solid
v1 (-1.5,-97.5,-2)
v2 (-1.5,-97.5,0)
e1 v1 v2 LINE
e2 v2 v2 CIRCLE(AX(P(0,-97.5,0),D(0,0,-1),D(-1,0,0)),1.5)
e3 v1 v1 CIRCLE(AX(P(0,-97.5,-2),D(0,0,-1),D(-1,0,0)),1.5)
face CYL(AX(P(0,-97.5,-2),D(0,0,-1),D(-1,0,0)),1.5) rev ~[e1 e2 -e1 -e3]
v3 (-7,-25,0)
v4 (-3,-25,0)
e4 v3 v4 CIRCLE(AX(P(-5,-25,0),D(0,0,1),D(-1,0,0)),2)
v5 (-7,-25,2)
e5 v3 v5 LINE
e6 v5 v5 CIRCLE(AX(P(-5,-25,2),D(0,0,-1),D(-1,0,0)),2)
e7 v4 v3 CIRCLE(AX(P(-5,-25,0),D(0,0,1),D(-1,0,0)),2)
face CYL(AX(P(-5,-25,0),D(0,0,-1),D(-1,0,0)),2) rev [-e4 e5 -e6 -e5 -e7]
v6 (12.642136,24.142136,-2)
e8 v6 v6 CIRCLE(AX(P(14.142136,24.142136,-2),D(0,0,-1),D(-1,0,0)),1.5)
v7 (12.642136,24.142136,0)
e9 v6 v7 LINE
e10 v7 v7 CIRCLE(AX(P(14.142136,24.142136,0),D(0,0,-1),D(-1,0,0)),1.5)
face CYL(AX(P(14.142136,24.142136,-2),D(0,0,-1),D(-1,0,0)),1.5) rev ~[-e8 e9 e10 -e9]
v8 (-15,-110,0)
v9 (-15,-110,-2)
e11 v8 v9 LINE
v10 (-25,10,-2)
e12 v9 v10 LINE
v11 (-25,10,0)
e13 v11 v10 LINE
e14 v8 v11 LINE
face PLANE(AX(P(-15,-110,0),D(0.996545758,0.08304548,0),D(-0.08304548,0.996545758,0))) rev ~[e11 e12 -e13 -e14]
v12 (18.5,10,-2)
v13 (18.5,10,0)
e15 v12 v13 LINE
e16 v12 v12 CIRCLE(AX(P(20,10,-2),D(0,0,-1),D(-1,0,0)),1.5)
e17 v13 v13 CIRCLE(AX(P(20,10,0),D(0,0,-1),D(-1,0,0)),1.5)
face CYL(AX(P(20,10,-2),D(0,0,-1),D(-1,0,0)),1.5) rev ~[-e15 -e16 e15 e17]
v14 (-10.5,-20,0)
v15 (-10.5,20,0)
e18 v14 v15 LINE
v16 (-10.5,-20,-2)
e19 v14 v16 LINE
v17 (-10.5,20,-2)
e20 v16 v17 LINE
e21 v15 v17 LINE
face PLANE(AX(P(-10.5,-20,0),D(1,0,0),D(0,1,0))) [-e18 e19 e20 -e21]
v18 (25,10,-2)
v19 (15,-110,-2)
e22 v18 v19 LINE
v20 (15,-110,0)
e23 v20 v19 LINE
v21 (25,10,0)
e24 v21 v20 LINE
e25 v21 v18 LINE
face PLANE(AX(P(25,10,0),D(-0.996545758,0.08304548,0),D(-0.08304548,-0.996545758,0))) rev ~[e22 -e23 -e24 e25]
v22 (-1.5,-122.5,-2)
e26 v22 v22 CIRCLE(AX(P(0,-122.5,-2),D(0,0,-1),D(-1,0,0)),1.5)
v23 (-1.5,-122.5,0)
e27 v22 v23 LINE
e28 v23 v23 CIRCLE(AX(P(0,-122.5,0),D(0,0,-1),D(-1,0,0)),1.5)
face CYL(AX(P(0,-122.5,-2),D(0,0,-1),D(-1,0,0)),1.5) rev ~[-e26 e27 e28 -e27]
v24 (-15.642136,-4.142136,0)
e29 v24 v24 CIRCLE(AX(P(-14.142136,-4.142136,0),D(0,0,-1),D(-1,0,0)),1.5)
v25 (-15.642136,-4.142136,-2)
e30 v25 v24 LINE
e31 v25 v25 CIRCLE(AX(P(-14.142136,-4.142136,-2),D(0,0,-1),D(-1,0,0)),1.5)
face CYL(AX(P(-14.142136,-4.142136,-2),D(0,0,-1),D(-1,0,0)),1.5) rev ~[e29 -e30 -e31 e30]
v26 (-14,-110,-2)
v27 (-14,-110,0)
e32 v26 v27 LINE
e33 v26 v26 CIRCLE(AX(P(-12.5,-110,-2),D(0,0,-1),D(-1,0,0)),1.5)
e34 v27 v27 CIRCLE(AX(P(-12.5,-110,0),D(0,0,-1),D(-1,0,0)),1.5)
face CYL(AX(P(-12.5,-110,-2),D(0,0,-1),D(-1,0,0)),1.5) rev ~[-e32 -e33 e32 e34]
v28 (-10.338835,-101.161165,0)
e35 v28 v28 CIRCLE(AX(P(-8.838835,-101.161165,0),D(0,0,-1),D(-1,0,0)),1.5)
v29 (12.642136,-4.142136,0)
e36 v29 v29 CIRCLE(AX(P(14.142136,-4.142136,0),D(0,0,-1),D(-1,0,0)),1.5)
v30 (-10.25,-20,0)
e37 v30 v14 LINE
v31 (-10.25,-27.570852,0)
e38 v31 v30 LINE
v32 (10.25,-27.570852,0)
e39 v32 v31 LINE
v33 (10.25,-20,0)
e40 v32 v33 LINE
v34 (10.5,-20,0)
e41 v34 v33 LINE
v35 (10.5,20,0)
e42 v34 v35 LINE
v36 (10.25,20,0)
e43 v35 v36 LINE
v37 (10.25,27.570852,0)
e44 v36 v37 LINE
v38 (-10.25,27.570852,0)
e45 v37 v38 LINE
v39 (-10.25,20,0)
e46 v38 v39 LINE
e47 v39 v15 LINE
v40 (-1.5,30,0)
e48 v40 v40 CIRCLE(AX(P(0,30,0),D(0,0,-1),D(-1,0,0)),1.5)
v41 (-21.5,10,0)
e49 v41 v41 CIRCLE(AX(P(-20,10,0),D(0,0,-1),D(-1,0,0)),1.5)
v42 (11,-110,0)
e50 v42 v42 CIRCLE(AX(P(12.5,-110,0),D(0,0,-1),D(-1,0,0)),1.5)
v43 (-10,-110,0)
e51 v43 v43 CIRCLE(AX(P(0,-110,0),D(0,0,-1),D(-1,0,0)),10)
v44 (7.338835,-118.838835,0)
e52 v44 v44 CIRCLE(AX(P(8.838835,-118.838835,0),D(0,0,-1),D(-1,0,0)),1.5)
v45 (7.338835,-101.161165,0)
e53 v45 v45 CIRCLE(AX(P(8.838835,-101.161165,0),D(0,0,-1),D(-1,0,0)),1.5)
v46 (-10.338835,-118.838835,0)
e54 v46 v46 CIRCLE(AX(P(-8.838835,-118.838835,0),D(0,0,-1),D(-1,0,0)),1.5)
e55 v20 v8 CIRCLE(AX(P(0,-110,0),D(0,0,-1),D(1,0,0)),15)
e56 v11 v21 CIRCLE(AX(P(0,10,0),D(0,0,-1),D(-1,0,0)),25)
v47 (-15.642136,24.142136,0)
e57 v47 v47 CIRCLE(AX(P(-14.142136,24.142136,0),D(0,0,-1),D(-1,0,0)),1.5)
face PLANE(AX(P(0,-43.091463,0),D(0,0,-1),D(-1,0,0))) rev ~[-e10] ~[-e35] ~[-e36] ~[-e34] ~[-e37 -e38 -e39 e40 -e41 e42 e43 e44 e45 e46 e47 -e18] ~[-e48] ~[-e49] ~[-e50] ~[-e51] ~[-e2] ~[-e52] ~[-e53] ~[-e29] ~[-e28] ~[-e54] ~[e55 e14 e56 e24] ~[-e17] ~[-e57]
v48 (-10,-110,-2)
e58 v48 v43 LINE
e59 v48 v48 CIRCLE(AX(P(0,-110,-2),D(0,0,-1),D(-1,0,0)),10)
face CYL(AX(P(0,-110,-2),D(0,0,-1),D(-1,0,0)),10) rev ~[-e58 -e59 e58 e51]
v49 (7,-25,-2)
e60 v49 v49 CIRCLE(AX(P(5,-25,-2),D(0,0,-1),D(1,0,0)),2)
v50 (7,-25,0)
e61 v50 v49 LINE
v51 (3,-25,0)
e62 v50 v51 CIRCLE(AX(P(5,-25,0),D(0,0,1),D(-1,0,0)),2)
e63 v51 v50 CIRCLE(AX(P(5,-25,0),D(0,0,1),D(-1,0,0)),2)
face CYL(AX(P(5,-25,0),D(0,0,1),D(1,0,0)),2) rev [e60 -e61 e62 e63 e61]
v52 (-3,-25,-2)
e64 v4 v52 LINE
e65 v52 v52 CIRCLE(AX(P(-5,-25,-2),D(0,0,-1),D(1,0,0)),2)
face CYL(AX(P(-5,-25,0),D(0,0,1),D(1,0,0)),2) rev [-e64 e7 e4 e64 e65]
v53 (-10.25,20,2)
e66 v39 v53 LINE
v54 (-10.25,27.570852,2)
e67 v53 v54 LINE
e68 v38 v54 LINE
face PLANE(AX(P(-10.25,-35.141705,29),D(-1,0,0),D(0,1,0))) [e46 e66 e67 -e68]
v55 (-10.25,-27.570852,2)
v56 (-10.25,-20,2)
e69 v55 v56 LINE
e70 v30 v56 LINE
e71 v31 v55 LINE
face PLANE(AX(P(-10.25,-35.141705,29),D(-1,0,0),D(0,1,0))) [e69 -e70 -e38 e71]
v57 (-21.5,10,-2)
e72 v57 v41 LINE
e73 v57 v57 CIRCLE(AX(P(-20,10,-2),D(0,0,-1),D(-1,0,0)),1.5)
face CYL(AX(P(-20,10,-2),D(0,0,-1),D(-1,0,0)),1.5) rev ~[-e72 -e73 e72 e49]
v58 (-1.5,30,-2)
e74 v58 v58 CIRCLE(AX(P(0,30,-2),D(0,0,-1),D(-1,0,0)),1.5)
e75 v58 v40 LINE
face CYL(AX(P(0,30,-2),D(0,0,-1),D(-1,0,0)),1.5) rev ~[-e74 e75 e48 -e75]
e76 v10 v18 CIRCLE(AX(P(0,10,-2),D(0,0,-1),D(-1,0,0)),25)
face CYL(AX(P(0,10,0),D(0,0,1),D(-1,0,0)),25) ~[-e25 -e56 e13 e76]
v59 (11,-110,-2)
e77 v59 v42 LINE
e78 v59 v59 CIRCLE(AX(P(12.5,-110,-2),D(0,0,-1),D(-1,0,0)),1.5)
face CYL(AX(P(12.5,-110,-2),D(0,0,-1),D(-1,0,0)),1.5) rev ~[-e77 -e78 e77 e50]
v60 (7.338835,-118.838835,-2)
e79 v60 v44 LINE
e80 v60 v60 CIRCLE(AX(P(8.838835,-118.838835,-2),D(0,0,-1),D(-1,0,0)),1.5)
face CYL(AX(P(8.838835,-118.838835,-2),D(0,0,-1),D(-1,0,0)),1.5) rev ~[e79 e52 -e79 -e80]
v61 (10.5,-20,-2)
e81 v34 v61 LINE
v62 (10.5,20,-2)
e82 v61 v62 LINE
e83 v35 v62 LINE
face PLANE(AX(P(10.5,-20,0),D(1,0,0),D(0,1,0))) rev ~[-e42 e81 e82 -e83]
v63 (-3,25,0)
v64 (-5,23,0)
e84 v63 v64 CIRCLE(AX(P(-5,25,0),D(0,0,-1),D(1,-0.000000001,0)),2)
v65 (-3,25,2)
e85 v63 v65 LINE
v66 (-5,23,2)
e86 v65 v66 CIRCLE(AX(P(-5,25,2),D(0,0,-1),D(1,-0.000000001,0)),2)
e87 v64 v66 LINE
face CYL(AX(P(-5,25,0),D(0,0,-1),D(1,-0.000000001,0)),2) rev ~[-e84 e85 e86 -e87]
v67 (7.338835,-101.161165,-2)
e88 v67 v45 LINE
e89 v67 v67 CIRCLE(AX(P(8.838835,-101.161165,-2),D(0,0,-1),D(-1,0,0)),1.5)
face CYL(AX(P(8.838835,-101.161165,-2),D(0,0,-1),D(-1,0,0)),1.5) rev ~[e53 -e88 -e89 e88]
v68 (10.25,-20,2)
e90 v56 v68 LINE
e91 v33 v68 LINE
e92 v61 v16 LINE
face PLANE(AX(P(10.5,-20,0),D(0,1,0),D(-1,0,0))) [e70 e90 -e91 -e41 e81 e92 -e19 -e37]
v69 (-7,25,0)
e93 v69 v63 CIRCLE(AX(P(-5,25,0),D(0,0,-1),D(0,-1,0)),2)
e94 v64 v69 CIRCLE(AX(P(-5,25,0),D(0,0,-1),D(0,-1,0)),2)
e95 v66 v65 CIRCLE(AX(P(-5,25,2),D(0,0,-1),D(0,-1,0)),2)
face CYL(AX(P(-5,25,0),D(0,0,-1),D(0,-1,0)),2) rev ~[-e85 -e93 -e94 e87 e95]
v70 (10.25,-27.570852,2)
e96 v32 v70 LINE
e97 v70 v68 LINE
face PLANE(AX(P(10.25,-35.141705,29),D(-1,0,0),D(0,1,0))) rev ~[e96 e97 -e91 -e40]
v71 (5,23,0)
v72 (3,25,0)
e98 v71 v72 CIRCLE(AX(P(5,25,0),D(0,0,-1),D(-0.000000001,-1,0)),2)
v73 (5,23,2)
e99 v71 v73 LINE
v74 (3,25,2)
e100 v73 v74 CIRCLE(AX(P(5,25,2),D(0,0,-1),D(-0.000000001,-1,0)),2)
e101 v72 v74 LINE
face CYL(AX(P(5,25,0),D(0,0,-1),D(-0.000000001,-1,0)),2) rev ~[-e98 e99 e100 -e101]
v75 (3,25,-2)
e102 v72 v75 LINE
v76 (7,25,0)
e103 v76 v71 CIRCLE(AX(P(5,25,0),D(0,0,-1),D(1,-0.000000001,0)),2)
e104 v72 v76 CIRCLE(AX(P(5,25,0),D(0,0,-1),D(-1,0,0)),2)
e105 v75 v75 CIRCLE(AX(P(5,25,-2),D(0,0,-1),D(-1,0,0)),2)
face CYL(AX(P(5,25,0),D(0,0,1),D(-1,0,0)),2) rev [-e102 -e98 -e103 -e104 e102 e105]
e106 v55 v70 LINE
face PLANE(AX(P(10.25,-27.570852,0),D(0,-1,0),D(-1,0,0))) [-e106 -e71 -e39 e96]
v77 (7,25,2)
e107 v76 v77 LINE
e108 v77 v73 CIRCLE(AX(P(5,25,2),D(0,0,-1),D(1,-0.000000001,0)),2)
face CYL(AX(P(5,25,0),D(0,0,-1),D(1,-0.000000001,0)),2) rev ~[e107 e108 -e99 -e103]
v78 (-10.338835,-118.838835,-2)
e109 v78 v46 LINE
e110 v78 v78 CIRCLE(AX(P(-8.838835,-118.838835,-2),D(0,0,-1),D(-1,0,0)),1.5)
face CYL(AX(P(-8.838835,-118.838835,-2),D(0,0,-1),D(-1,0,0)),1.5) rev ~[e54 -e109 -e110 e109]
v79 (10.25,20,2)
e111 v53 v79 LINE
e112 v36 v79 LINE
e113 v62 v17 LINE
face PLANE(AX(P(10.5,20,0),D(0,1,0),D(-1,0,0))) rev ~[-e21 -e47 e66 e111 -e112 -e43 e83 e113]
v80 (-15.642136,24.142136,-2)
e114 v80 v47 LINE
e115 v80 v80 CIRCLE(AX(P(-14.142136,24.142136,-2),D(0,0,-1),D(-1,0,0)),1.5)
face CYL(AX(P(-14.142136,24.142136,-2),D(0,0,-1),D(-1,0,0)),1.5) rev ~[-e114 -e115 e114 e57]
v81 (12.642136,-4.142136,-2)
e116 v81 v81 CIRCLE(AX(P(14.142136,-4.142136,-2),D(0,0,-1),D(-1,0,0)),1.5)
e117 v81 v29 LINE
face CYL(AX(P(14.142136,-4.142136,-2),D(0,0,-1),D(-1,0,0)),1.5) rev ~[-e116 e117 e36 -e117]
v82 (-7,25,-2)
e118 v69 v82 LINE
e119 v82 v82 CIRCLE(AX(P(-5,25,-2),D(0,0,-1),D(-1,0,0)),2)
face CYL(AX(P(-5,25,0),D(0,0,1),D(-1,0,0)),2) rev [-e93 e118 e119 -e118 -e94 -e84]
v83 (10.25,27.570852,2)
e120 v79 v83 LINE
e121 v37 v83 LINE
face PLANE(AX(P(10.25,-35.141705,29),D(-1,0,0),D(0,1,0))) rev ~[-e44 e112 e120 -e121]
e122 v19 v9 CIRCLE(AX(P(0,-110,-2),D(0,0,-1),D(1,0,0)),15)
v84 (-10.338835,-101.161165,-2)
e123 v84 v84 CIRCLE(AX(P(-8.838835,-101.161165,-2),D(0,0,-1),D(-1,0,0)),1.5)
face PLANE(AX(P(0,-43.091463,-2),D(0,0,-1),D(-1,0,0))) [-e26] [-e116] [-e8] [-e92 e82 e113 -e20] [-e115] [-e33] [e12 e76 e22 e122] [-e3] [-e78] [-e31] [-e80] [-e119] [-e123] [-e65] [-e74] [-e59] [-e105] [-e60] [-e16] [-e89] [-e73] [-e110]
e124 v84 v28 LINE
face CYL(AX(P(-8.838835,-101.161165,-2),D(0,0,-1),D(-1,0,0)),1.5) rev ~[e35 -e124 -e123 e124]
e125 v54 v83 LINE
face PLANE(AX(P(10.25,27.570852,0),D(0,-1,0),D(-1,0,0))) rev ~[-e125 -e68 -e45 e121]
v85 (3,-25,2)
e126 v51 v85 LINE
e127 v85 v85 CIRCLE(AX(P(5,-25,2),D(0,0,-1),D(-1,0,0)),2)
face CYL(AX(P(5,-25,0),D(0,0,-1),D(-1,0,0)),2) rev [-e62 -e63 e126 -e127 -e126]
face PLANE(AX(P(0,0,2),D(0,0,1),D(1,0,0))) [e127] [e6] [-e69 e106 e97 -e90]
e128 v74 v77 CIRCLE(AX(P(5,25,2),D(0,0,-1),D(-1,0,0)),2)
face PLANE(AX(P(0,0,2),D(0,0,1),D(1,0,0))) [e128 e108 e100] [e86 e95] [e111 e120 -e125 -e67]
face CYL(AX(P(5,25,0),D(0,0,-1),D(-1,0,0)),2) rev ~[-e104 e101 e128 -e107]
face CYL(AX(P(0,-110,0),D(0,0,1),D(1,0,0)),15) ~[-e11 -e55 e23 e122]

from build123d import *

# Parameters (mm, degrees)
SKETCH_1_W          = 20.5
SKETCH_1_H          = 15.141704846
SKETCH_1_R          = 2
EXTRUDE_1_DEPTH     = 29
SKETCH_2_W          = 20.5
SKETCH_2_H          = 70.283409692
EXTRUDE_2_DEPTH     = 3
SKETCH_3_W          = 20.5
SKETCH_3_H          = 7.570852423
CUT_EXTRUDE_1_DEPTH = 49.621002864
SKETCH_5_R          = 2.5
EXTRUDE_3_DEPTH     = 10
CUT_EXTRUDE_2_REACH = 75.297
SKETCH_8_R          = 1.6
SKETCH_9_W          = 20.5
SKETCH_9_H          = 55.141704846
CUT_EXTRUDE_3_DEPTH = 30
SKETCH_11_R         = 2.5
CUT_EXTRUDE_4_DEPTH = 10
SKETCH_12_W         = 21
SKETCH_12_H         = 40
SKETCH_12_R         = 2
EXTRUDE_5_DEPTH     = 2
SKETCH_13_R         = 10
CUT_EXTRUDE_5_DEPTH = 2
SKETCH_14_R         = 1.5
CUT_EXTRUDE_6_DEPTH = 128.538229563


with BuildPart() as part:
    # 草图1 → 凸台-拉伸1 (new body)
    # profile 1 of 3: a face of its own
    with BuildSketch(Plane.XY):
        with BuildLine():
            Line((-10.25, 35.141704846), (-10.25, 20))
            Line((-10.25, 20), (-5, 20))
            Line((-5, 20), (-5, 23))
            ThreePointArc((-5, 23), (-6.414213562, 26.414213562), (-3, 25))
            Line((-3, 25), (3, 25))
            ThreePointArc((3, 25), (5, 27), (7, 25))
            ThreePointArc((7, 25), (6.414213562, 23.585786438), (5, 23))
            Line((5, 23), (5, 20))
            Line((5, 20), (10.25, 20))
            Line((10.25, 20), (10.25, 35.141704846))
            Line((10.25, 35.141704846), (-10.25, 35.141704846))
        make_face()
    # profile 2 of 3: a face of its own
    with BuildSketch(Plane.XY):
        with Locations((0, -27.570852423)):
            Rectangle(SKETCH_1_W, SKETCH_1_H)
        with Locations(Location((-5, -25, 0), (0, 0, 180))):
            Circle(SKETCH_1_R, mode=Mode.SUBTRACT)
        with Locations(Location((5, -25, 0), (0, 0, 180))):
            Circle(SKETCH_1_R, mode=Mode.SUBTRACT)
    # profile 3 of 3: a face of its own
    with BuildSketch(Plane.XY):
        with BuildLine():
            Line((-5, 23), (-5, 20))
            Line((-5, 20), (5, 20))
            Line((5, 20), (5, 23))
            ThreePointArc((5, 23), (3.585786438, 23.585786438), (3, 25))
            Line((3, 25), (-3, 25))
            ThreePointArc((-3, 25), (-3.585786438, 23.585786438), (-5, 23))
        make_face()
    extrude(amount=EXTRUDE_1_DEPTH)

    # 草图2 → 凸台-拉伸2 (add)
    with BuildSketch(Plane.XY.offset(29)):
        Rectangle(SKETCH_2_W, SKETCH_2_H)
    extrude(amount=EXTRUDE_2_DEPTH)

    # 草图3 → 切除-拉伸1 (cut, through all)
    with BuildSketch(Plane(origin=(0, 0, 0), x_dir=(-1, 0, 0), z_dir=(0, 0, -1))):
        with Locations((0, -31.356278635)):
            Rectangle(SKETCH_3_W, SKETCH_3_H)
        with Locations((0, 31.356278635)):
            Rectangle(SKETCH_3_W, SKETCH_3_H)
    extrude(amount=-CUT_EXTRUDE_1_DEPTH, mode=Mode.SUBTRACT)

    # 草图5 → 凸台-拉伸3 (add)
    with BuildSketch(Plane.XZ.offset(27.570852423)):
        with Locations(Location((0, 2.5, 0), (0, 0, 270))):
            Circle(SKETCH_5_R)
    extrude(amount=EXTRUDE_3_DEPTH)

    # 草图8 → 切除-拉伸2 (cut, up to next)
    with BuildSketch(Plane(origin=(0, 27.570852423, 0), x_dir=(1, 0, 0), z_dir=(0, 1, 0)), mode=Mode.PRIVATE) as cut_extrude_2_sk1:
        with Locations(Location((0, -16.5, 0), (0, 0, 270))):
            Circle(SKETCH_8_R)
    cut_extrude_2_tool1 = extrude(cut_extrude_2_sk1.sketch, amount=-CUT_EXTRUDE_2_REACH, mode=Mode.PRIVATE) & part.part
    # 草图8 → 切除-拉伸2 (cut, up to next)
    with BuildSketch(Plane(origin=(0, 27.570852423, 0), x_dir=(1, 0, 0), z_dir=(0, 1, 0)), mode=Mode.PRIVATE) as cut_extrude_2_sk2:
        with Locations(Location((0, -26.5, 0), (0, 0, 270))):
            Circle(SKETCH_8_R)
    cut_extrude_2_tool2 = extrude(cut_extrude_2_sk2.sketch, amount=-CUT_EXTRUDE_2_REACH, mode=Mode.PRIVATE) & part.part
    add(cut_extrude_2_tool1.solids().sort_by_distance((0, 27.570852, 16.5))[0], mode=Mode.SUBTRACT)
    add(cut_extrude_2_tool2.solids().sort_by_distance((0, 27.570852, 26.5))[0], mode=Mode.SUBTRACT)

    # 草图9 → 切除-拉伸3 (cut)
    with BuildSketch(Plane.XY.offset(32)):
        Rectangle(SKETCH_9_W, SKETCH_9_H)
    extrude(amount=-CUT_EXTRUDE_3_DEPTH, mode=Mode.SUBTRACT)


with BuildPart() as cut_extrude_3_piece_1:
    # of the separate pieces the step leaves, piece 1, a body of its own (cut_extrude_3_pieces)
    add(part.part.solids().sort_by_distance((10.25, -20, 2))[0])

    # 草图11 → 切除-拉伸4 (cut)
    with BuildSketch(Plane.XZ.offset(37.570852423)):
        with Locations((0, 2.5)):
            Circle(SKETCH_11_R)
    extrude(amount=-CUT_EXTRUDE_4_DEPTH, mode=Mode.SUBTRACT)



with BuildPart() as cut_extrude_3_piece_2:
    # of the separate pieces the step leaves, piece 2, a body of its own (cut_extrude_3_pieces)
    add(part.part.solids().sort_by_distance((10.25, 20, 0))[0])


with BuildPart() as cut_extrude_3_piece_1_1:
    add(cut_extrude_3_piece_1.part)

    add(cut_extrude_3_piece_2.part)  # 凸台-拉伸5 merges 切除-拉伸3 piece 2
    # 草图12 → 凸台-拉伸5 (add)
    with BuildSketch(Plane(origin=(0, 0, 0), x_dir=(-1, 0, 0), z_dir=(0, 0, -1))):
        with BuildLine():
            Line((15, -110), (25, 10))
            ThreePointArc((25, 10), (0, 35), (-25, 10))
            Line((-25, 10), (-15, -110))
            ThreePointArc((-15, -110), (0, -125), (15, -110))
        make_face()
        Rectangle(SKETCH_12_W, SKETCH_12_H, mode=Mode.SUBTRACT)
        with Locations((-5, 25)):
            Circle(SKETCH_12_R, mode=Mode.SUBTRACT)
        with Locations((5, 25)):
            Circle(SKETCH_12_R, mode=Mode.SUBTRACT)
        with Locations(Location((5, -25, 0), (0, 0, 180))):
            Circle(SKETCH_12_R, mode=Mode.SUBTRACT)
        with Locations(Location((-5, -25, 0), (0, 0, 180))):
            Circle(SKETCH_12_R, mode=Mode.SUBTRACT)
    extrude(amount=EXTRUDE_5_DEPTH)

    # 草图13 → 切除-拉伸5 (cut)
    with BuildSketch(Plane(origin=(0, 0, -2), x_dir=(-1, 0, 0), z_dir=(0, 0, -1))):
        with Locations((0, -110)):
            Circle(SKETCH_13_R)
    extrude(amount=-CUT_EXTRUDE_5_DEPTH, mode=Mode.SUBTRACT)

    # 草图14 → 切除-拉伸6 (cut, through all)
    with BuildSketch(Plane(origin=(0, 0, -2), x_dir=(-1, 0, 0), z_dir=(0, 0, -1))):
        with Locations((-20, 10)):
            Circle(SKETCH_14_R)
        with Locations((-14.142135624, 24.142135624)):
            Circle(SKETCH_14_R)
        with Locations((0, 30)):
            Circle(SKETCH_14_R)
        with Locations((14.142135624, 24.142135624)):
            Circle(SKETCH_14_R)
        with Locations((20, 10)):
            Circle(SKETCH_14_R)
        with Locations((14.142135624, -4.142135624)):
            Circle(SKETCH_14_R)
        with Locations((-14.142135624, -4.142135624)):
            Circle(SKETCH_14_R)
        with Locations((0, -97.5)):
            Circle(SKETCH_14_R)
        with Locations((8.838834765, -101.161165235)):
            Circle(SKETCH_14_R)
        with Locations((12.5, -110)):
            Circle(SKETCH_14_R)
        with Locations((8.838834765, -118.838834765)):
            Circle(SKETCH_14_R)
        with Locations((0, -122.5)):
            Circle(SKETCH_14_R)
        with Locations((-8.838834765, -118.838834765)):
            Circle(SKETCH_14_R)
        with Locations((-12.5, -110)):
            Circle(SKETCH_14_R)
        with Locations((-8.838834765, -101.161165235)):
            Circle(SKETCH_14_R)
    extrude(amount=-CUT_EXTRUDE_6_DEPTH, mode=Mode.SUBTRACT)


solid = cut_extrude_3_piece_1_1.part
